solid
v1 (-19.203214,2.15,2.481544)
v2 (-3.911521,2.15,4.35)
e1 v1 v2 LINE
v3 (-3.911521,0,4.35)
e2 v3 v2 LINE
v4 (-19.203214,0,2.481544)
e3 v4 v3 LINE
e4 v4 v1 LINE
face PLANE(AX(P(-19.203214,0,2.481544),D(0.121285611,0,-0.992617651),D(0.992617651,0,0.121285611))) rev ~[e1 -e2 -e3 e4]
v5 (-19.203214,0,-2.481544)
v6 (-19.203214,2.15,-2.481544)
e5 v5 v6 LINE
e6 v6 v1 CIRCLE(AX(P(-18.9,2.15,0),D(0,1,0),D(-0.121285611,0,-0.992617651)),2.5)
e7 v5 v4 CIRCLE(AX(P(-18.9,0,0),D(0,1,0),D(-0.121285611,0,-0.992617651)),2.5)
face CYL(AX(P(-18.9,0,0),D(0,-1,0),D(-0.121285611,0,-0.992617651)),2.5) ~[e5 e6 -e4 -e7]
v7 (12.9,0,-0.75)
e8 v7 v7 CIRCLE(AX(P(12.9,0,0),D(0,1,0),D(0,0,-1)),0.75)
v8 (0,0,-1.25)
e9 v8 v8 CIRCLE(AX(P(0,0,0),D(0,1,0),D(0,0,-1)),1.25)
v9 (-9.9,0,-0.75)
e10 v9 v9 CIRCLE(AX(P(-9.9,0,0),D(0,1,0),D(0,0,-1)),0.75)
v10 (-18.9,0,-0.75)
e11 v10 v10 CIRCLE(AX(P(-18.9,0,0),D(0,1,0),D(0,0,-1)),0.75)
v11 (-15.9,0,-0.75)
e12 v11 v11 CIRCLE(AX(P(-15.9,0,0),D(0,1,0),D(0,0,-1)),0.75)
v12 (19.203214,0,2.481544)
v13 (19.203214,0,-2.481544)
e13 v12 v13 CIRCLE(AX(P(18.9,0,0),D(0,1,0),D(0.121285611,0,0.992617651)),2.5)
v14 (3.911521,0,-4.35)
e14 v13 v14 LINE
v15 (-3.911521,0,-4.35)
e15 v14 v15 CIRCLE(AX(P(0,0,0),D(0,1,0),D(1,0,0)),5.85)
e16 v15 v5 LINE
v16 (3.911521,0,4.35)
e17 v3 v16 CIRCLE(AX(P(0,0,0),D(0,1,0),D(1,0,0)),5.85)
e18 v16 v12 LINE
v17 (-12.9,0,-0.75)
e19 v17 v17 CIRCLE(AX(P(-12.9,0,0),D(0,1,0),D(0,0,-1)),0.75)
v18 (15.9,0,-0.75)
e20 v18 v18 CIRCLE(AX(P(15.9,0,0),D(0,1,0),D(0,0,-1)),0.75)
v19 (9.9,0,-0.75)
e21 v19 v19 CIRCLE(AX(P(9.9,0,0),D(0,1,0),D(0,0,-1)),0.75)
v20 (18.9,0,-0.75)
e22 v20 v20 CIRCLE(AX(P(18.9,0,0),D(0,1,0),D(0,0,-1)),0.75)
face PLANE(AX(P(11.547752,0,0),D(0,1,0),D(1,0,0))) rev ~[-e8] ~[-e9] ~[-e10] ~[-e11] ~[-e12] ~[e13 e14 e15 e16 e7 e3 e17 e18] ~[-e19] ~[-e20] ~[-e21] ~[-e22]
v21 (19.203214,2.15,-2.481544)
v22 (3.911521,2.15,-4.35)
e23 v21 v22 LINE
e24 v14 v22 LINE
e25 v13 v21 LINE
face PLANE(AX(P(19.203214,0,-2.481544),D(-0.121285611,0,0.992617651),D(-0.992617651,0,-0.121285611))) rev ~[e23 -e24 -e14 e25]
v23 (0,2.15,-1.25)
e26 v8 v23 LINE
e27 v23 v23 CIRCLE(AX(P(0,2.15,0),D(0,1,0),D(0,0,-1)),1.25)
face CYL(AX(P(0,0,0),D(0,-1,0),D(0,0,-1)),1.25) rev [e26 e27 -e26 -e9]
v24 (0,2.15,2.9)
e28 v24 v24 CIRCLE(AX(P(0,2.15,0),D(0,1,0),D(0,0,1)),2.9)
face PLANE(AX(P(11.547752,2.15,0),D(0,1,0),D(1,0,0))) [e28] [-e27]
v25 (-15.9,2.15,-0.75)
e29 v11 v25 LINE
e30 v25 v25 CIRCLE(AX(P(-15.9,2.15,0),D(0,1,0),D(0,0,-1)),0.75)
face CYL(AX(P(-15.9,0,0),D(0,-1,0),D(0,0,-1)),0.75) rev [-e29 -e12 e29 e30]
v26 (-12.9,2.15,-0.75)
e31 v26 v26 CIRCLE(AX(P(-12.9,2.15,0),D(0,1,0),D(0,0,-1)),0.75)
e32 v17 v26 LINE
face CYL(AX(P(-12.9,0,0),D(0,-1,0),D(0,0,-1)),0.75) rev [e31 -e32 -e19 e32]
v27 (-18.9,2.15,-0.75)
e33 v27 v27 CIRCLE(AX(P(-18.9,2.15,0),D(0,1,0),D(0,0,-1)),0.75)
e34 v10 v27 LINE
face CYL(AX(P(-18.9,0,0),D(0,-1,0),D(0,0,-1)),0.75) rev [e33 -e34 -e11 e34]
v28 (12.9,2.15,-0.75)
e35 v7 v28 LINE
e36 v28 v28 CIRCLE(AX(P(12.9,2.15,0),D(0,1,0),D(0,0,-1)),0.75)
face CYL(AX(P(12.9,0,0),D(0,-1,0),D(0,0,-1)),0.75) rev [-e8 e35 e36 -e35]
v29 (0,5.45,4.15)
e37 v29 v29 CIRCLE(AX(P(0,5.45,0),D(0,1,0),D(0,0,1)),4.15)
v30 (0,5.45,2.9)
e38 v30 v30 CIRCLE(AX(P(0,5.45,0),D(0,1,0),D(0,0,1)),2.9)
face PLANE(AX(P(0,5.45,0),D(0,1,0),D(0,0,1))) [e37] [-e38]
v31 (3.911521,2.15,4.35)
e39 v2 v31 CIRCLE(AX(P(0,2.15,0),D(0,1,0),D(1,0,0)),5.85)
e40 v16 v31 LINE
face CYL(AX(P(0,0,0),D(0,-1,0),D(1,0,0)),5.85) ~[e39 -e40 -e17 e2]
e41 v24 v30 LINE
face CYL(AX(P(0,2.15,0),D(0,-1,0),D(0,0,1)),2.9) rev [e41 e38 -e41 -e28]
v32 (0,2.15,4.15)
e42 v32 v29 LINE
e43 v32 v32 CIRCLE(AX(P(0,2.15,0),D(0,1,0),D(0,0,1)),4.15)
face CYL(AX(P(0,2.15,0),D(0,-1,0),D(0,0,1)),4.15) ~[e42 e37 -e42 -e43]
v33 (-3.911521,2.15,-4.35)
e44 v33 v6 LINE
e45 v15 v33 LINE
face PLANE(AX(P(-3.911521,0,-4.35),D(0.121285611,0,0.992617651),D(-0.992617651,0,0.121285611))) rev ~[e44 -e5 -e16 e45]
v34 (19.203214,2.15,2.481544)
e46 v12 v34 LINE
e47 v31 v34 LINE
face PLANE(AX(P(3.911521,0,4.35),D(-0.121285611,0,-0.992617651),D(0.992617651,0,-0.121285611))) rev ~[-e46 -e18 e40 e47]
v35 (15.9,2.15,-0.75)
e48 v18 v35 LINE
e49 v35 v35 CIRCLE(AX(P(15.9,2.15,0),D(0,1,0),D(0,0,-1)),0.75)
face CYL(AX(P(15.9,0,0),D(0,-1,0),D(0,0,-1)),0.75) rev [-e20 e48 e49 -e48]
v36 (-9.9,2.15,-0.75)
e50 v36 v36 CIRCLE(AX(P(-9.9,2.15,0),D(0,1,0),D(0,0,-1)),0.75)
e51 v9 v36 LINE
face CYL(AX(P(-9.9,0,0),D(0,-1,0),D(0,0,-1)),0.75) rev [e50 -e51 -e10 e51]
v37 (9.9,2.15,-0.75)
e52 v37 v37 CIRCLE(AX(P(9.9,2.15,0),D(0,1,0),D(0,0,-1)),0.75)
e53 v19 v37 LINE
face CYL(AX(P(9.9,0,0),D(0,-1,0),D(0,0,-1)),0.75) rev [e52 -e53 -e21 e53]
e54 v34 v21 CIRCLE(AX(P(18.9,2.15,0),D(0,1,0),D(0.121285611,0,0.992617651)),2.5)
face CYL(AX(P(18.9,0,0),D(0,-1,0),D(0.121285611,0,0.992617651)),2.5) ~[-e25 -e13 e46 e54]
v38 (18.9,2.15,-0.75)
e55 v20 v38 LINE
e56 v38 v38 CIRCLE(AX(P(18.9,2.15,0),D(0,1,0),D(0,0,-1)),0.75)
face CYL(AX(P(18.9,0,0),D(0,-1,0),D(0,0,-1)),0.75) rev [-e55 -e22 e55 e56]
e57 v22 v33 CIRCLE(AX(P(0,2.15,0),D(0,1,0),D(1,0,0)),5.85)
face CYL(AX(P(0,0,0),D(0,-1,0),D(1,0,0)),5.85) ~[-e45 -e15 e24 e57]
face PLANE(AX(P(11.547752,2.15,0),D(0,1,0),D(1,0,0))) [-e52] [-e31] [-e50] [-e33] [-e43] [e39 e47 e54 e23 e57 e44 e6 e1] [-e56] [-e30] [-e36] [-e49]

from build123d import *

# Parameters (mm, degrees)
SKETCH1_R           = 5.85
SKETCH1_R_2         = 1.25
SKETCH1_R_3         = 0.75
BOSS_EXTRUDE1_DEPTH = 2.15
SKETCH2_R           = 4.15
SKETCH2_R_2         = 2.9
BOSS_EXTRUDE2_DEPTH = 3.3


with BuildPart() as part:
    # Sketch1 → Boss-Extrude1 (new body)
    # profile 1 of 3: a face of its own
    with BuildSketch(Plane(origin=(0, 0, 0), x_dir=(1, 0, 0), z_dir=(0, 1, 0))):
        Circle(SKETCH1_R)
        with Locations(Location((0, 0, 0), (0, 0, 90))):
            Circle(SKETCH1_R_2, mode=Mode.SUBTRACT)
    # profile 2 of 3: a face of its own
    with BuildSketch(Plane(origin=(0, 0, 0), x_dir=(1, 0, 0), z_dir=(0, 1, 0))):
        with BuildLine():
            Line((-3.911521443, 4.35), (-19.203214028, 2.481544127))
            ThreePointArc((-19.203214028, 2.481544127), (-21.4, 0), (-19.203214028, -2.481544127))
            Line((-19.203214028, -2.481544127), (-3.911521443, -4.35))
            ThreePointArc((-3.911521443, -4.35), (-5.85, 0), (-3.911521443, 4.35))
        make_face()
        with Locations(Location((-18.9, 0, 0), (0, 0, 90))):
            Circle(SKETCH1_R_3, mode=Mode.SUBTRACT)
        with Locations(Location((-15.9, 0, 0), (0, 0, 90))):
            Circle(SKETCH1_R_3, mode=Mode.SUBTRACT)
        with Locations(Location((-12.9, 0, 0), (0, 0, 90))):
            Circle(SKETCH1_R_3, mode=Mode.SUBTRACT)
        with Locations(Location((-9.9, 0, 0), (0, 0, 90))):
            Circle(SKETCH1_R_3, mode=Mode.SUBTRACT)
    # profile 3 of 3: a face of its own
    with BuildSketch(Plane(origin=(0, 0, 0), x_dir=(1, 0, 0), z_dir=(0, 1, 0))):
        with BuildLine():
            Line((19.203214028, 2.481544127), (3.911521443, 4.35))
            ThreePointArc((3.911521443, 4.35), (5.343449281, 2.381186633), (5.85, 0))
            ThreePointArc((5.85, 0), (5.343449281, -2.381186633), (3.911521443, -4.35))
            Line((3.911521443, -4.35), (19.203214028, -2.481544127))
            ThreePointArc((19.203214028, -2.481544127), (21.4, 0), (19.203214028, 2.481544127))
        make_face()
        with Locations(Location((9.9, 0, 0), (0, 0, 90))):
            Circle(SKETCH1_R_3, mode=Mode.SUBTRACT)
        with Locations(Location((12.9, 0, 0), (0, 0, 90))):
            Circle(SKETCH1_R_3, mode=Mode.SUBTRACT)
        with Locations(Location((15.9, 0, 0), (0, 0, 90))):
            Circle(SKETCH1_R_3, mode=Mode.SUBTRACT)
        with Locations(Location((18.9, 0, 0), (0, 0, 90))):
            Circle(SKETCH1_R_3, mode=Mode.SUBTRACT)
    extrude(amount=BOSS_EXTRUDE1_DEPTH)

    # Sketch2 → Boss-Extrude2 (add)
    with BuildSketch(Plane(origin=(0, 2.15, 0), x_dir=(1, 0, 0), z_dir=(0, 1, 0))):
        with Locations(Location((0, 0, 0), (0, 0, 270))):
            Circle(SKETCH2_R)
        with Locations(Location((0, 0, 0), (0, 0, 270))):
            Circle(SKETCH2_R_2, mode=Mode.SUBTRACT)
    extrude(amount=BOSS_EXTRUDE2_DEPTH)


solid = part.part
